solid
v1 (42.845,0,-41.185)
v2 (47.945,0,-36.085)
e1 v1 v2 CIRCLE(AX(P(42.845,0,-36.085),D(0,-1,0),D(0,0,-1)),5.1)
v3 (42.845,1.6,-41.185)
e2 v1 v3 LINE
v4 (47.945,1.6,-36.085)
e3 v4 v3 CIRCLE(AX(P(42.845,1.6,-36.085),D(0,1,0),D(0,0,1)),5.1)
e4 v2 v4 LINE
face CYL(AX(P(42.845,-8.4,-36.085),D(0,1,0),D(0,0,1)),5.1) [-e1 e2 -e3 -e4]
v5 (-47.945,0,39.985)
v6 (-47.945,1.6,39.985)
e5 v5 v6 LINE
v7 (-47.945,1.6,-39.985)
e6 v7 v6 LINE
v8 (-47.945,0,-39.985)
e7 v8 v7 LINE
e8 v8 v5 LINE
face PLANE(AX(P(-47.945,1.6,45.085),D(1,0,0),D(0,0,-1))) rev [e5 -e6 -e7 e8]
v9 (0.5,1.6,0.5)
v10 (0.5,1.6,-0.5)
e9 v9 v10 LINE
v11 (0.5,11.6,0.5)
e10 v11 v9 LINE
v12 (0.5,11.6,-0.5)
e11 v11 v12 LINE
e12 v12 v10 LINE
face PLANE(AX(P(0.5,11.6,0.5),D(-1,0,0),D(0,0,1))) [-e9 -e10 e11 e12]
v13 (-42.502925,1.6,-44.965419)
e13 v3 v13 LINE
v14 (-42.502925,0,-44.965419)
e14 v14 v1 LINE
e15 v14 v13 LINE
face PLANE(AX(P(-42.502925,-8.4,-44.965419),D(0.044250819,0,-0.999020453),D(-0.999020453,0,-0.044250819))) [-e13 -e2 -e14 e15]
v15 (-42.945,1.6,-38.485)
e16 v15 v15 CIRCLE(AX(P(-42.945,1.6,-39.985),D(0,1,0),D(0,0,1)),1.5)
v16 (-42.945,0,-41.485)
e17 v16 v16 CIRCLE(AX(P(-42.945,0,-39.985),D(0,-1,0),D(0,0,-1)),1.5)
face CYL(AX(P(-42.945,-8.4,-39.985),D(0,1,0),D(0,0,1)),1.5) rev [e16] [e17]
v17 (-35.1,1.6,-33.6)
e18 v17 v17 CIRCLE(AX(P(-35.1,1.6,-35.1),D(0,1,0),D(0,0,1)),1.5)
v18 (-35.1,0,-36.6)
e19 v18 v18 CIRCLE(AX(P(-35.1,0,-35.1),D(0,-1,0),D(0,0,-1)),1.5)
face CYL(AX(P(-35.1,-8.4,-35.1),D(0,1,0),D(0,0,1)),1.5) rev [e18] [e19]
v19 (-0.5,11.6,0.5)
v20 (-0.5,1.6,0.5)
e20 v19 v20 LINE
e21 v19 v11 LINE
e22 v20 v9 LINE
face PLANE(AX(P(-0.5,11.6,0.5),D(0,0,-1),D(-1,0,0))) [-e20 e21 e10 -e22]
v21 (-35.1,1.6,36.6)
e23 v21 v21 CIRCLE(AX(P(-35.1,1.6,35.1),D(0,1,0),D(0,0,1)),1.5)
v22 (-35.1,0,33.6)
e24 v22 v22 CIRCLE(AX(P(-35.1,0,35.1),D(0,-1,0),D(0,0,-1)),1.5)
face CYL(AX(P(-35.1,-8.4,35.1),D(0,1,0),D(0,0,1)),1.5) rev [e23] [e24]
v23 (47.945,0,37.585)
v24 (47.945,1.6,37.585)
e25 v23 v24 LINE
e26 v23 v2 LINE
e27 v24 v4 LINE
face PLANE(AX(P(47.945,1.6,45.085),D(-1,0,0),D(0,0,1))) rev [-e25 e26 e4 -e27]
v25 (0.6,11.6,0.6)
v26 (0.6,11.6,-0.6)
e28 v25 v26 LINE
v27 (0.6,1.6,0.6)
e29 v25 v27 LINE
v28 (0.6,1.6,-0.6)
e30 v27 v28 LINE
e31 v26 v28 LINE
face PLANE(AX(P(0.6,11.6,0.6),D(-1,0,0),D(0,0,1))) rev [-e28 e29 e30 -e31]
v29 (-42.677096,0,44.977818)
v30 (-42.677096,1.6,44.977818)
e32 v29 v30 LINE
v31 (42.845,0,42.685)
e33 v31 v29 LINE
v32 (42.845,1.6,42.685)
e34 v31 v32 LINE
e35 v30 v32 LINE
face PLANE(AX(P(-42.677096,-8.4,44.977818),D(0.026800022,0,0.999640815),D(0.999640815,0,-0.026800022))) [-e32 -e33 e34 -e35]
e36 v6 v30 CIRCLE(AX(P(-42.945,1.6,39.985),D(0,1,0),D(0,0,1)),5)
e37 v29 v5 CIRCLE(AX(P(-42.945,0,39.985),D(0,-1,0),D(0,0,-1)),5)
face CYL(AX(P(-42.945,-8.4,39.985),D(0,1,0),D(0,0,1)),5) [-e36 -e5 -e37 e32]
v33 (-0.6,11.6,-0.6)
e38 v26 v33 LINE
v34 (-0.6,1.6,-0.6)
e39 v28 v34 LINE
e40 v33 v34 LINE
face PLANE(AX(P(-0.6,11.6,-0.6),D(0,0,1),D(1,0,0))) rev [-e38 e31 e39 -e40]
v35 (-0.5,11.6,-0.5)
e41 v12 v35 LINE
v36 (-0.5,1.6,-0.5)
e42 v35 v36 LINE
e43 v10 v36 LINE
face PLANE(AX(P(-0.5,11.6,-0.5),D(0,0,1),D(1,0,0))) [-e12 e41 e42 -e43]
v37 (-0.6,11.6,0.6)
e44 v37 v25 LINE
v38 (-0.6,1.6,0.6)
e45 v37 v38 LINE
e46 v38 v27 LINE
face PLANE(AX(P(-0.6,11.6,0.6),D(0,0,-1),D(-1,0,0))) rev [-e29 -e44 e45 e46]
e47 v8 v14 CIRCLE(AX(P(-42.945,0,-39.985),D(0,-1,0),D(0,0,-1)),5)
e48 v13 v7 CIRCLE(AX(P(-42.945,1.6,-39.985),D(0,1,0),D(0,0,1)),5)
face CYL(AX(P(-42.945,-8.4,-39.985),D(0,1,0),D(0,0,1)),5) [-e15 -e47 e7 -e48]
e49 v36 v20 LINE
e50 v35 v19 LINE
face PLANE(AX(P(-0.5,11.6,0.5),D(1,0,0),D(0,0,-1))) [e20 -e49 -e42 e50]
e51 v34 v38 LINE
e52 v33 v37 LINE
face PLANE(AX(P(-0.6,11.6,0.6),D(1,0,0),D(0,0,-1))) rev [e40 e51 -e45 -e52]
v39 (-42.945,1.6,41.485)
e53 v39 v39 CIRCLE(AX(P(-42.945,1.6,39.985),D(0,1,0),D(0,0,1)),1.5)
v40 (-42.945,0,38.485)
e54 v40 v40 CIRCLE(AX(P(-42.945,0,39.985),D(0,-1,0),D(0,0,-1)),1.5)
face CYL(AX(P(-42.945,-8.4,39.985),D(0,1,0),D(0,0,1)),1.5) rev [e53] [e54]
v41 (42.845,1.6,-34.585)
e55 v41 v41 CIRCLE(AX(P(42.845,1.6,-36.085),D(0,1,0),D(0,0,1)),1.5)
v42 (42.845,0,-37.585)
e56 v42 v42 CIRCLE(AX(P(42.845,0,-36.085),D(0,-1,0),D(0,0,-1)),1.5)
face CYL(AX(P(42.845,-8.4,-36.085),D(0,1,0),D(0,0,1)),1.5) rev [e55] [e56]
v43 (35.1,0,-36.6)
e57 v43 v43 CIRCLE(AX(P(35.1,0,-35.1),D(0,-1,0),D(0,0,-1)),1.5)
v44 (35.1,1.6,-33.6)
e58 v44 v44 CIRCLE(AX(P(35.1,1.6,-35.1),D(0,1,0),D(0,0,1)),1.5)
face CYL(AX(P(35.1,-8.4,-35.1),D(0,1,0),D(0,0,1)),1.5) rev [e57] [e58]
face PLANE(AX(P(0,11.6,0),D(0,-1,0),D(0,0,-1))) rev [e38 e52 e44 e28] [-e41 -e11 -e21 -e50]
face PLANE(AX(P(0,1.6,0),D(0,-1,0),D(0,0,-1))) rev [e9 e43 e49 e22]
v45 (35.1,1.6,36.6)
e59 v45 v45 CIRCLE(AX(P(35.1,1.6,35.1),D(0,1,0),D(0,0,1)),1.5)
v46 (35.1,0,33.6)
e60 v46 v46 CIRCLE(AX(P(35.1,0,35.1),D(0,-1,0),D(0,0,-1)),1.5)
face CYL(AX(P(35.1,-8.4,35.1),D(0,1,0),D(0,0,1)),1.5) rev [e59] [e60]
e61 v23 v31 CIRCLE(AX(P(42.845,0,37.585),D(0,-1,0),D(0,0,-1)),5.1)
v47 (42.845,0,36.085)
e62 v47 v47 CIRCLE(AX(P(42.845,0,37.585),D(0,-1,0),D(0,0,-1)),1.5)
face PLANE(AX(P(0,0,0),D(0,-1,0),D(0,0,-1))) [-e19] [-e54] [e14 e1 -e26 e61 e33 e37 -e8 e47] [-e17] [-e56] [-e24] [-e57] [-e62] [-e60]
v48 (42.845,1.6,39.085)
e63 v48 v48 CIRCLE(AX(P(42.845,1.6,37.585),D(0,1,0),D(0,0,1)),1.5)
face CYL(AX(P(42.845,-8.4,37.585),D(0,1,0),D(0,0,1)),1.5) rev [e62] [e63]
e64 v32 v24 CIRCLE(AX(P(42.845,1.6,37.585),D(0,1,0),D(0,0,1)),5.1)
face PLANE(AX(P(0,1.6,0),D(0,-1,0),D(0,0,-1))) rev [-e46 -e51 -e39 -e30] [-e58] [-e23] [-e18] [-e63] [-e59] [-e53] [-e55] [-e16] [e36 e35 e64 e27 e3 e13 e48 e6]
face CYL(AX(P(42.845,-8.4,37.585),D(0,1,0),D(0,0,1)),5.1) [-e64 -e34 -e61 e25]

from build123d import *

# Parameters (mm, degrees)
SKETCH1_W           = 95.89
SKETCH1_H           = 90.17
SUBSTRATE_DEPTH     = 1.6
SKETCH2_R           = 1.5
CUT_EXTRUDE2_DEPTH  = 10
SKETCH3_W           = 1.2
SKETCH3_H           = 1.2
SKETCH3_W_2         = 1
SKETCH3_H_2         = 1
BOSS_EXTRUDE1_DEPTH = 10
SKETCH4_OUTSIDE_W   = 124.318
SKETCH4_OUTSIDE_H   = 118.598
CUT_EXTRUDE3_DEPTH  = 10
SKETCH5_R           = 1.5
CUT_EXTRUDE4_DEPTH  = 10


with BuildPart() as part:
    # Sketch1 → Substrate (new body)
    with BuildSketch(Plane(origin=(0, 0, 0), x_dir=(1, 0, 0), z_dir=(0, 1, 0))):
        Rectangle(SKETCH1_W, SKETCH1_H)
    extrude(amount=SUBSTRATE_DEPTH)

    # Sketch2 → Cut-Extrude2 (cut)
    with BuildSketch(Plane(origin=(0, 1.6, 0), x_dir=(1, 0, 0), z_dir=(0, 1, 0))):
        with Locations(Location((42.845, 36.085, 0), (0, 0, 270))):
            Circle(SKETCH2_R)
        with Locations(Location((42.845, -37.585, 0), (0, 0, 270))):
            Circle(SKETCH2_R)
        with Locations(Location((-42.945, -39.985, 0), (0, 0, 270))):
            Circle(SKETCH2_R)
        with Locations(Location((-42.945, 39.985, 0), (0, 0, 270))):
            Circle(SKETCH2_R)
    extrude(amount=-CUT_EXTRUDE2_DEPTH, mode=Mode.SUBTRACT)

    # Sketch3 → Boss-Extrude1 (add)
    with BuildSketch(Plane(origin=(0, 1.6, 0), x_dir=(1, 0, 0), z_dir=(0, 1, 0))):
        Rectangle(SKETCH3_W, SKETCH3_H)
        Rectangle(SKETCH3_W_2, SKETCH3_H_2, mode=Mode.SUBTRACT)
    extrude(amount=BOSS_EXTRUDE1_DEPTH)

    # Sketch4 outside → Cut-Extrude3 (cut)
    with BuildSketch(Plane(origin=(0, 1.6, 0), x_dir=(1, 0, 0), z_dir=(0, 1, 0))):
        Rectangle(SKETCH4_OUTSIDE_W, SKETCH4_OUTSIDE_H)
        with BuildLine():
            Line((-42.677096043, -44.977817588), (42.845, -42.685))
            ThreePointArc((42.845, -42.685), (46.451244584, -41.191244584), (47.945, -37.585))
            Line((47.945, -37.585), (47.945, 36.085))
            ThreePointArc((47.945, 36.085), (46.451244584, 39.691244584), (42.845, 41.185))
            Line((42.845, 41.185), (-42.502925272, 44.965418651))
            ThreePointArc((-42.502925272, 44.965418651), (-46.320620414, 43.673520953), (-47.945, 39.985))
            Line((-47.945, 39.985), (-47.945, -39.985))
            ThreePointArc((-47.945, -39.985), (-46.384511609, -43.614016381), (-42.677096043, -44.977817588))
        make_face(mode=Mode.SUBTRACT)
    extrude(amount=-CUT_EXTRUDE3_DEPTH, mode=Mode.SUBTRACT)

    # Sketch5 → Cut-Extrude4 (cut)
    with BuildSketch(Plane(origin=(0, 1.6, 0), x_dir=(1, 0, 0), z_dir=(0, 1, 0))):
        with Locations(Location((-35.1, 35.1, 0), (0, 0, 270))):
            Circle(SKETCH5_R)
        with Locations(Location((35.1, 35.1, 0), (0, 0, 270))):
            Circle(SKETCH5_R)
        with Locations(Location((35.1, -35.1, 0), (0, 0, 270))):
            Circle(SKETCH5_R)
        with Locations(Location((-35.1, -35.1, 0), (0, 0, 270))):
            Circle(SKETCH5_R)
    extrude(amount=-CUT_EXTRUDE4_DEPTH, mode=Mode.SUBTRACT)


solid = part.part
